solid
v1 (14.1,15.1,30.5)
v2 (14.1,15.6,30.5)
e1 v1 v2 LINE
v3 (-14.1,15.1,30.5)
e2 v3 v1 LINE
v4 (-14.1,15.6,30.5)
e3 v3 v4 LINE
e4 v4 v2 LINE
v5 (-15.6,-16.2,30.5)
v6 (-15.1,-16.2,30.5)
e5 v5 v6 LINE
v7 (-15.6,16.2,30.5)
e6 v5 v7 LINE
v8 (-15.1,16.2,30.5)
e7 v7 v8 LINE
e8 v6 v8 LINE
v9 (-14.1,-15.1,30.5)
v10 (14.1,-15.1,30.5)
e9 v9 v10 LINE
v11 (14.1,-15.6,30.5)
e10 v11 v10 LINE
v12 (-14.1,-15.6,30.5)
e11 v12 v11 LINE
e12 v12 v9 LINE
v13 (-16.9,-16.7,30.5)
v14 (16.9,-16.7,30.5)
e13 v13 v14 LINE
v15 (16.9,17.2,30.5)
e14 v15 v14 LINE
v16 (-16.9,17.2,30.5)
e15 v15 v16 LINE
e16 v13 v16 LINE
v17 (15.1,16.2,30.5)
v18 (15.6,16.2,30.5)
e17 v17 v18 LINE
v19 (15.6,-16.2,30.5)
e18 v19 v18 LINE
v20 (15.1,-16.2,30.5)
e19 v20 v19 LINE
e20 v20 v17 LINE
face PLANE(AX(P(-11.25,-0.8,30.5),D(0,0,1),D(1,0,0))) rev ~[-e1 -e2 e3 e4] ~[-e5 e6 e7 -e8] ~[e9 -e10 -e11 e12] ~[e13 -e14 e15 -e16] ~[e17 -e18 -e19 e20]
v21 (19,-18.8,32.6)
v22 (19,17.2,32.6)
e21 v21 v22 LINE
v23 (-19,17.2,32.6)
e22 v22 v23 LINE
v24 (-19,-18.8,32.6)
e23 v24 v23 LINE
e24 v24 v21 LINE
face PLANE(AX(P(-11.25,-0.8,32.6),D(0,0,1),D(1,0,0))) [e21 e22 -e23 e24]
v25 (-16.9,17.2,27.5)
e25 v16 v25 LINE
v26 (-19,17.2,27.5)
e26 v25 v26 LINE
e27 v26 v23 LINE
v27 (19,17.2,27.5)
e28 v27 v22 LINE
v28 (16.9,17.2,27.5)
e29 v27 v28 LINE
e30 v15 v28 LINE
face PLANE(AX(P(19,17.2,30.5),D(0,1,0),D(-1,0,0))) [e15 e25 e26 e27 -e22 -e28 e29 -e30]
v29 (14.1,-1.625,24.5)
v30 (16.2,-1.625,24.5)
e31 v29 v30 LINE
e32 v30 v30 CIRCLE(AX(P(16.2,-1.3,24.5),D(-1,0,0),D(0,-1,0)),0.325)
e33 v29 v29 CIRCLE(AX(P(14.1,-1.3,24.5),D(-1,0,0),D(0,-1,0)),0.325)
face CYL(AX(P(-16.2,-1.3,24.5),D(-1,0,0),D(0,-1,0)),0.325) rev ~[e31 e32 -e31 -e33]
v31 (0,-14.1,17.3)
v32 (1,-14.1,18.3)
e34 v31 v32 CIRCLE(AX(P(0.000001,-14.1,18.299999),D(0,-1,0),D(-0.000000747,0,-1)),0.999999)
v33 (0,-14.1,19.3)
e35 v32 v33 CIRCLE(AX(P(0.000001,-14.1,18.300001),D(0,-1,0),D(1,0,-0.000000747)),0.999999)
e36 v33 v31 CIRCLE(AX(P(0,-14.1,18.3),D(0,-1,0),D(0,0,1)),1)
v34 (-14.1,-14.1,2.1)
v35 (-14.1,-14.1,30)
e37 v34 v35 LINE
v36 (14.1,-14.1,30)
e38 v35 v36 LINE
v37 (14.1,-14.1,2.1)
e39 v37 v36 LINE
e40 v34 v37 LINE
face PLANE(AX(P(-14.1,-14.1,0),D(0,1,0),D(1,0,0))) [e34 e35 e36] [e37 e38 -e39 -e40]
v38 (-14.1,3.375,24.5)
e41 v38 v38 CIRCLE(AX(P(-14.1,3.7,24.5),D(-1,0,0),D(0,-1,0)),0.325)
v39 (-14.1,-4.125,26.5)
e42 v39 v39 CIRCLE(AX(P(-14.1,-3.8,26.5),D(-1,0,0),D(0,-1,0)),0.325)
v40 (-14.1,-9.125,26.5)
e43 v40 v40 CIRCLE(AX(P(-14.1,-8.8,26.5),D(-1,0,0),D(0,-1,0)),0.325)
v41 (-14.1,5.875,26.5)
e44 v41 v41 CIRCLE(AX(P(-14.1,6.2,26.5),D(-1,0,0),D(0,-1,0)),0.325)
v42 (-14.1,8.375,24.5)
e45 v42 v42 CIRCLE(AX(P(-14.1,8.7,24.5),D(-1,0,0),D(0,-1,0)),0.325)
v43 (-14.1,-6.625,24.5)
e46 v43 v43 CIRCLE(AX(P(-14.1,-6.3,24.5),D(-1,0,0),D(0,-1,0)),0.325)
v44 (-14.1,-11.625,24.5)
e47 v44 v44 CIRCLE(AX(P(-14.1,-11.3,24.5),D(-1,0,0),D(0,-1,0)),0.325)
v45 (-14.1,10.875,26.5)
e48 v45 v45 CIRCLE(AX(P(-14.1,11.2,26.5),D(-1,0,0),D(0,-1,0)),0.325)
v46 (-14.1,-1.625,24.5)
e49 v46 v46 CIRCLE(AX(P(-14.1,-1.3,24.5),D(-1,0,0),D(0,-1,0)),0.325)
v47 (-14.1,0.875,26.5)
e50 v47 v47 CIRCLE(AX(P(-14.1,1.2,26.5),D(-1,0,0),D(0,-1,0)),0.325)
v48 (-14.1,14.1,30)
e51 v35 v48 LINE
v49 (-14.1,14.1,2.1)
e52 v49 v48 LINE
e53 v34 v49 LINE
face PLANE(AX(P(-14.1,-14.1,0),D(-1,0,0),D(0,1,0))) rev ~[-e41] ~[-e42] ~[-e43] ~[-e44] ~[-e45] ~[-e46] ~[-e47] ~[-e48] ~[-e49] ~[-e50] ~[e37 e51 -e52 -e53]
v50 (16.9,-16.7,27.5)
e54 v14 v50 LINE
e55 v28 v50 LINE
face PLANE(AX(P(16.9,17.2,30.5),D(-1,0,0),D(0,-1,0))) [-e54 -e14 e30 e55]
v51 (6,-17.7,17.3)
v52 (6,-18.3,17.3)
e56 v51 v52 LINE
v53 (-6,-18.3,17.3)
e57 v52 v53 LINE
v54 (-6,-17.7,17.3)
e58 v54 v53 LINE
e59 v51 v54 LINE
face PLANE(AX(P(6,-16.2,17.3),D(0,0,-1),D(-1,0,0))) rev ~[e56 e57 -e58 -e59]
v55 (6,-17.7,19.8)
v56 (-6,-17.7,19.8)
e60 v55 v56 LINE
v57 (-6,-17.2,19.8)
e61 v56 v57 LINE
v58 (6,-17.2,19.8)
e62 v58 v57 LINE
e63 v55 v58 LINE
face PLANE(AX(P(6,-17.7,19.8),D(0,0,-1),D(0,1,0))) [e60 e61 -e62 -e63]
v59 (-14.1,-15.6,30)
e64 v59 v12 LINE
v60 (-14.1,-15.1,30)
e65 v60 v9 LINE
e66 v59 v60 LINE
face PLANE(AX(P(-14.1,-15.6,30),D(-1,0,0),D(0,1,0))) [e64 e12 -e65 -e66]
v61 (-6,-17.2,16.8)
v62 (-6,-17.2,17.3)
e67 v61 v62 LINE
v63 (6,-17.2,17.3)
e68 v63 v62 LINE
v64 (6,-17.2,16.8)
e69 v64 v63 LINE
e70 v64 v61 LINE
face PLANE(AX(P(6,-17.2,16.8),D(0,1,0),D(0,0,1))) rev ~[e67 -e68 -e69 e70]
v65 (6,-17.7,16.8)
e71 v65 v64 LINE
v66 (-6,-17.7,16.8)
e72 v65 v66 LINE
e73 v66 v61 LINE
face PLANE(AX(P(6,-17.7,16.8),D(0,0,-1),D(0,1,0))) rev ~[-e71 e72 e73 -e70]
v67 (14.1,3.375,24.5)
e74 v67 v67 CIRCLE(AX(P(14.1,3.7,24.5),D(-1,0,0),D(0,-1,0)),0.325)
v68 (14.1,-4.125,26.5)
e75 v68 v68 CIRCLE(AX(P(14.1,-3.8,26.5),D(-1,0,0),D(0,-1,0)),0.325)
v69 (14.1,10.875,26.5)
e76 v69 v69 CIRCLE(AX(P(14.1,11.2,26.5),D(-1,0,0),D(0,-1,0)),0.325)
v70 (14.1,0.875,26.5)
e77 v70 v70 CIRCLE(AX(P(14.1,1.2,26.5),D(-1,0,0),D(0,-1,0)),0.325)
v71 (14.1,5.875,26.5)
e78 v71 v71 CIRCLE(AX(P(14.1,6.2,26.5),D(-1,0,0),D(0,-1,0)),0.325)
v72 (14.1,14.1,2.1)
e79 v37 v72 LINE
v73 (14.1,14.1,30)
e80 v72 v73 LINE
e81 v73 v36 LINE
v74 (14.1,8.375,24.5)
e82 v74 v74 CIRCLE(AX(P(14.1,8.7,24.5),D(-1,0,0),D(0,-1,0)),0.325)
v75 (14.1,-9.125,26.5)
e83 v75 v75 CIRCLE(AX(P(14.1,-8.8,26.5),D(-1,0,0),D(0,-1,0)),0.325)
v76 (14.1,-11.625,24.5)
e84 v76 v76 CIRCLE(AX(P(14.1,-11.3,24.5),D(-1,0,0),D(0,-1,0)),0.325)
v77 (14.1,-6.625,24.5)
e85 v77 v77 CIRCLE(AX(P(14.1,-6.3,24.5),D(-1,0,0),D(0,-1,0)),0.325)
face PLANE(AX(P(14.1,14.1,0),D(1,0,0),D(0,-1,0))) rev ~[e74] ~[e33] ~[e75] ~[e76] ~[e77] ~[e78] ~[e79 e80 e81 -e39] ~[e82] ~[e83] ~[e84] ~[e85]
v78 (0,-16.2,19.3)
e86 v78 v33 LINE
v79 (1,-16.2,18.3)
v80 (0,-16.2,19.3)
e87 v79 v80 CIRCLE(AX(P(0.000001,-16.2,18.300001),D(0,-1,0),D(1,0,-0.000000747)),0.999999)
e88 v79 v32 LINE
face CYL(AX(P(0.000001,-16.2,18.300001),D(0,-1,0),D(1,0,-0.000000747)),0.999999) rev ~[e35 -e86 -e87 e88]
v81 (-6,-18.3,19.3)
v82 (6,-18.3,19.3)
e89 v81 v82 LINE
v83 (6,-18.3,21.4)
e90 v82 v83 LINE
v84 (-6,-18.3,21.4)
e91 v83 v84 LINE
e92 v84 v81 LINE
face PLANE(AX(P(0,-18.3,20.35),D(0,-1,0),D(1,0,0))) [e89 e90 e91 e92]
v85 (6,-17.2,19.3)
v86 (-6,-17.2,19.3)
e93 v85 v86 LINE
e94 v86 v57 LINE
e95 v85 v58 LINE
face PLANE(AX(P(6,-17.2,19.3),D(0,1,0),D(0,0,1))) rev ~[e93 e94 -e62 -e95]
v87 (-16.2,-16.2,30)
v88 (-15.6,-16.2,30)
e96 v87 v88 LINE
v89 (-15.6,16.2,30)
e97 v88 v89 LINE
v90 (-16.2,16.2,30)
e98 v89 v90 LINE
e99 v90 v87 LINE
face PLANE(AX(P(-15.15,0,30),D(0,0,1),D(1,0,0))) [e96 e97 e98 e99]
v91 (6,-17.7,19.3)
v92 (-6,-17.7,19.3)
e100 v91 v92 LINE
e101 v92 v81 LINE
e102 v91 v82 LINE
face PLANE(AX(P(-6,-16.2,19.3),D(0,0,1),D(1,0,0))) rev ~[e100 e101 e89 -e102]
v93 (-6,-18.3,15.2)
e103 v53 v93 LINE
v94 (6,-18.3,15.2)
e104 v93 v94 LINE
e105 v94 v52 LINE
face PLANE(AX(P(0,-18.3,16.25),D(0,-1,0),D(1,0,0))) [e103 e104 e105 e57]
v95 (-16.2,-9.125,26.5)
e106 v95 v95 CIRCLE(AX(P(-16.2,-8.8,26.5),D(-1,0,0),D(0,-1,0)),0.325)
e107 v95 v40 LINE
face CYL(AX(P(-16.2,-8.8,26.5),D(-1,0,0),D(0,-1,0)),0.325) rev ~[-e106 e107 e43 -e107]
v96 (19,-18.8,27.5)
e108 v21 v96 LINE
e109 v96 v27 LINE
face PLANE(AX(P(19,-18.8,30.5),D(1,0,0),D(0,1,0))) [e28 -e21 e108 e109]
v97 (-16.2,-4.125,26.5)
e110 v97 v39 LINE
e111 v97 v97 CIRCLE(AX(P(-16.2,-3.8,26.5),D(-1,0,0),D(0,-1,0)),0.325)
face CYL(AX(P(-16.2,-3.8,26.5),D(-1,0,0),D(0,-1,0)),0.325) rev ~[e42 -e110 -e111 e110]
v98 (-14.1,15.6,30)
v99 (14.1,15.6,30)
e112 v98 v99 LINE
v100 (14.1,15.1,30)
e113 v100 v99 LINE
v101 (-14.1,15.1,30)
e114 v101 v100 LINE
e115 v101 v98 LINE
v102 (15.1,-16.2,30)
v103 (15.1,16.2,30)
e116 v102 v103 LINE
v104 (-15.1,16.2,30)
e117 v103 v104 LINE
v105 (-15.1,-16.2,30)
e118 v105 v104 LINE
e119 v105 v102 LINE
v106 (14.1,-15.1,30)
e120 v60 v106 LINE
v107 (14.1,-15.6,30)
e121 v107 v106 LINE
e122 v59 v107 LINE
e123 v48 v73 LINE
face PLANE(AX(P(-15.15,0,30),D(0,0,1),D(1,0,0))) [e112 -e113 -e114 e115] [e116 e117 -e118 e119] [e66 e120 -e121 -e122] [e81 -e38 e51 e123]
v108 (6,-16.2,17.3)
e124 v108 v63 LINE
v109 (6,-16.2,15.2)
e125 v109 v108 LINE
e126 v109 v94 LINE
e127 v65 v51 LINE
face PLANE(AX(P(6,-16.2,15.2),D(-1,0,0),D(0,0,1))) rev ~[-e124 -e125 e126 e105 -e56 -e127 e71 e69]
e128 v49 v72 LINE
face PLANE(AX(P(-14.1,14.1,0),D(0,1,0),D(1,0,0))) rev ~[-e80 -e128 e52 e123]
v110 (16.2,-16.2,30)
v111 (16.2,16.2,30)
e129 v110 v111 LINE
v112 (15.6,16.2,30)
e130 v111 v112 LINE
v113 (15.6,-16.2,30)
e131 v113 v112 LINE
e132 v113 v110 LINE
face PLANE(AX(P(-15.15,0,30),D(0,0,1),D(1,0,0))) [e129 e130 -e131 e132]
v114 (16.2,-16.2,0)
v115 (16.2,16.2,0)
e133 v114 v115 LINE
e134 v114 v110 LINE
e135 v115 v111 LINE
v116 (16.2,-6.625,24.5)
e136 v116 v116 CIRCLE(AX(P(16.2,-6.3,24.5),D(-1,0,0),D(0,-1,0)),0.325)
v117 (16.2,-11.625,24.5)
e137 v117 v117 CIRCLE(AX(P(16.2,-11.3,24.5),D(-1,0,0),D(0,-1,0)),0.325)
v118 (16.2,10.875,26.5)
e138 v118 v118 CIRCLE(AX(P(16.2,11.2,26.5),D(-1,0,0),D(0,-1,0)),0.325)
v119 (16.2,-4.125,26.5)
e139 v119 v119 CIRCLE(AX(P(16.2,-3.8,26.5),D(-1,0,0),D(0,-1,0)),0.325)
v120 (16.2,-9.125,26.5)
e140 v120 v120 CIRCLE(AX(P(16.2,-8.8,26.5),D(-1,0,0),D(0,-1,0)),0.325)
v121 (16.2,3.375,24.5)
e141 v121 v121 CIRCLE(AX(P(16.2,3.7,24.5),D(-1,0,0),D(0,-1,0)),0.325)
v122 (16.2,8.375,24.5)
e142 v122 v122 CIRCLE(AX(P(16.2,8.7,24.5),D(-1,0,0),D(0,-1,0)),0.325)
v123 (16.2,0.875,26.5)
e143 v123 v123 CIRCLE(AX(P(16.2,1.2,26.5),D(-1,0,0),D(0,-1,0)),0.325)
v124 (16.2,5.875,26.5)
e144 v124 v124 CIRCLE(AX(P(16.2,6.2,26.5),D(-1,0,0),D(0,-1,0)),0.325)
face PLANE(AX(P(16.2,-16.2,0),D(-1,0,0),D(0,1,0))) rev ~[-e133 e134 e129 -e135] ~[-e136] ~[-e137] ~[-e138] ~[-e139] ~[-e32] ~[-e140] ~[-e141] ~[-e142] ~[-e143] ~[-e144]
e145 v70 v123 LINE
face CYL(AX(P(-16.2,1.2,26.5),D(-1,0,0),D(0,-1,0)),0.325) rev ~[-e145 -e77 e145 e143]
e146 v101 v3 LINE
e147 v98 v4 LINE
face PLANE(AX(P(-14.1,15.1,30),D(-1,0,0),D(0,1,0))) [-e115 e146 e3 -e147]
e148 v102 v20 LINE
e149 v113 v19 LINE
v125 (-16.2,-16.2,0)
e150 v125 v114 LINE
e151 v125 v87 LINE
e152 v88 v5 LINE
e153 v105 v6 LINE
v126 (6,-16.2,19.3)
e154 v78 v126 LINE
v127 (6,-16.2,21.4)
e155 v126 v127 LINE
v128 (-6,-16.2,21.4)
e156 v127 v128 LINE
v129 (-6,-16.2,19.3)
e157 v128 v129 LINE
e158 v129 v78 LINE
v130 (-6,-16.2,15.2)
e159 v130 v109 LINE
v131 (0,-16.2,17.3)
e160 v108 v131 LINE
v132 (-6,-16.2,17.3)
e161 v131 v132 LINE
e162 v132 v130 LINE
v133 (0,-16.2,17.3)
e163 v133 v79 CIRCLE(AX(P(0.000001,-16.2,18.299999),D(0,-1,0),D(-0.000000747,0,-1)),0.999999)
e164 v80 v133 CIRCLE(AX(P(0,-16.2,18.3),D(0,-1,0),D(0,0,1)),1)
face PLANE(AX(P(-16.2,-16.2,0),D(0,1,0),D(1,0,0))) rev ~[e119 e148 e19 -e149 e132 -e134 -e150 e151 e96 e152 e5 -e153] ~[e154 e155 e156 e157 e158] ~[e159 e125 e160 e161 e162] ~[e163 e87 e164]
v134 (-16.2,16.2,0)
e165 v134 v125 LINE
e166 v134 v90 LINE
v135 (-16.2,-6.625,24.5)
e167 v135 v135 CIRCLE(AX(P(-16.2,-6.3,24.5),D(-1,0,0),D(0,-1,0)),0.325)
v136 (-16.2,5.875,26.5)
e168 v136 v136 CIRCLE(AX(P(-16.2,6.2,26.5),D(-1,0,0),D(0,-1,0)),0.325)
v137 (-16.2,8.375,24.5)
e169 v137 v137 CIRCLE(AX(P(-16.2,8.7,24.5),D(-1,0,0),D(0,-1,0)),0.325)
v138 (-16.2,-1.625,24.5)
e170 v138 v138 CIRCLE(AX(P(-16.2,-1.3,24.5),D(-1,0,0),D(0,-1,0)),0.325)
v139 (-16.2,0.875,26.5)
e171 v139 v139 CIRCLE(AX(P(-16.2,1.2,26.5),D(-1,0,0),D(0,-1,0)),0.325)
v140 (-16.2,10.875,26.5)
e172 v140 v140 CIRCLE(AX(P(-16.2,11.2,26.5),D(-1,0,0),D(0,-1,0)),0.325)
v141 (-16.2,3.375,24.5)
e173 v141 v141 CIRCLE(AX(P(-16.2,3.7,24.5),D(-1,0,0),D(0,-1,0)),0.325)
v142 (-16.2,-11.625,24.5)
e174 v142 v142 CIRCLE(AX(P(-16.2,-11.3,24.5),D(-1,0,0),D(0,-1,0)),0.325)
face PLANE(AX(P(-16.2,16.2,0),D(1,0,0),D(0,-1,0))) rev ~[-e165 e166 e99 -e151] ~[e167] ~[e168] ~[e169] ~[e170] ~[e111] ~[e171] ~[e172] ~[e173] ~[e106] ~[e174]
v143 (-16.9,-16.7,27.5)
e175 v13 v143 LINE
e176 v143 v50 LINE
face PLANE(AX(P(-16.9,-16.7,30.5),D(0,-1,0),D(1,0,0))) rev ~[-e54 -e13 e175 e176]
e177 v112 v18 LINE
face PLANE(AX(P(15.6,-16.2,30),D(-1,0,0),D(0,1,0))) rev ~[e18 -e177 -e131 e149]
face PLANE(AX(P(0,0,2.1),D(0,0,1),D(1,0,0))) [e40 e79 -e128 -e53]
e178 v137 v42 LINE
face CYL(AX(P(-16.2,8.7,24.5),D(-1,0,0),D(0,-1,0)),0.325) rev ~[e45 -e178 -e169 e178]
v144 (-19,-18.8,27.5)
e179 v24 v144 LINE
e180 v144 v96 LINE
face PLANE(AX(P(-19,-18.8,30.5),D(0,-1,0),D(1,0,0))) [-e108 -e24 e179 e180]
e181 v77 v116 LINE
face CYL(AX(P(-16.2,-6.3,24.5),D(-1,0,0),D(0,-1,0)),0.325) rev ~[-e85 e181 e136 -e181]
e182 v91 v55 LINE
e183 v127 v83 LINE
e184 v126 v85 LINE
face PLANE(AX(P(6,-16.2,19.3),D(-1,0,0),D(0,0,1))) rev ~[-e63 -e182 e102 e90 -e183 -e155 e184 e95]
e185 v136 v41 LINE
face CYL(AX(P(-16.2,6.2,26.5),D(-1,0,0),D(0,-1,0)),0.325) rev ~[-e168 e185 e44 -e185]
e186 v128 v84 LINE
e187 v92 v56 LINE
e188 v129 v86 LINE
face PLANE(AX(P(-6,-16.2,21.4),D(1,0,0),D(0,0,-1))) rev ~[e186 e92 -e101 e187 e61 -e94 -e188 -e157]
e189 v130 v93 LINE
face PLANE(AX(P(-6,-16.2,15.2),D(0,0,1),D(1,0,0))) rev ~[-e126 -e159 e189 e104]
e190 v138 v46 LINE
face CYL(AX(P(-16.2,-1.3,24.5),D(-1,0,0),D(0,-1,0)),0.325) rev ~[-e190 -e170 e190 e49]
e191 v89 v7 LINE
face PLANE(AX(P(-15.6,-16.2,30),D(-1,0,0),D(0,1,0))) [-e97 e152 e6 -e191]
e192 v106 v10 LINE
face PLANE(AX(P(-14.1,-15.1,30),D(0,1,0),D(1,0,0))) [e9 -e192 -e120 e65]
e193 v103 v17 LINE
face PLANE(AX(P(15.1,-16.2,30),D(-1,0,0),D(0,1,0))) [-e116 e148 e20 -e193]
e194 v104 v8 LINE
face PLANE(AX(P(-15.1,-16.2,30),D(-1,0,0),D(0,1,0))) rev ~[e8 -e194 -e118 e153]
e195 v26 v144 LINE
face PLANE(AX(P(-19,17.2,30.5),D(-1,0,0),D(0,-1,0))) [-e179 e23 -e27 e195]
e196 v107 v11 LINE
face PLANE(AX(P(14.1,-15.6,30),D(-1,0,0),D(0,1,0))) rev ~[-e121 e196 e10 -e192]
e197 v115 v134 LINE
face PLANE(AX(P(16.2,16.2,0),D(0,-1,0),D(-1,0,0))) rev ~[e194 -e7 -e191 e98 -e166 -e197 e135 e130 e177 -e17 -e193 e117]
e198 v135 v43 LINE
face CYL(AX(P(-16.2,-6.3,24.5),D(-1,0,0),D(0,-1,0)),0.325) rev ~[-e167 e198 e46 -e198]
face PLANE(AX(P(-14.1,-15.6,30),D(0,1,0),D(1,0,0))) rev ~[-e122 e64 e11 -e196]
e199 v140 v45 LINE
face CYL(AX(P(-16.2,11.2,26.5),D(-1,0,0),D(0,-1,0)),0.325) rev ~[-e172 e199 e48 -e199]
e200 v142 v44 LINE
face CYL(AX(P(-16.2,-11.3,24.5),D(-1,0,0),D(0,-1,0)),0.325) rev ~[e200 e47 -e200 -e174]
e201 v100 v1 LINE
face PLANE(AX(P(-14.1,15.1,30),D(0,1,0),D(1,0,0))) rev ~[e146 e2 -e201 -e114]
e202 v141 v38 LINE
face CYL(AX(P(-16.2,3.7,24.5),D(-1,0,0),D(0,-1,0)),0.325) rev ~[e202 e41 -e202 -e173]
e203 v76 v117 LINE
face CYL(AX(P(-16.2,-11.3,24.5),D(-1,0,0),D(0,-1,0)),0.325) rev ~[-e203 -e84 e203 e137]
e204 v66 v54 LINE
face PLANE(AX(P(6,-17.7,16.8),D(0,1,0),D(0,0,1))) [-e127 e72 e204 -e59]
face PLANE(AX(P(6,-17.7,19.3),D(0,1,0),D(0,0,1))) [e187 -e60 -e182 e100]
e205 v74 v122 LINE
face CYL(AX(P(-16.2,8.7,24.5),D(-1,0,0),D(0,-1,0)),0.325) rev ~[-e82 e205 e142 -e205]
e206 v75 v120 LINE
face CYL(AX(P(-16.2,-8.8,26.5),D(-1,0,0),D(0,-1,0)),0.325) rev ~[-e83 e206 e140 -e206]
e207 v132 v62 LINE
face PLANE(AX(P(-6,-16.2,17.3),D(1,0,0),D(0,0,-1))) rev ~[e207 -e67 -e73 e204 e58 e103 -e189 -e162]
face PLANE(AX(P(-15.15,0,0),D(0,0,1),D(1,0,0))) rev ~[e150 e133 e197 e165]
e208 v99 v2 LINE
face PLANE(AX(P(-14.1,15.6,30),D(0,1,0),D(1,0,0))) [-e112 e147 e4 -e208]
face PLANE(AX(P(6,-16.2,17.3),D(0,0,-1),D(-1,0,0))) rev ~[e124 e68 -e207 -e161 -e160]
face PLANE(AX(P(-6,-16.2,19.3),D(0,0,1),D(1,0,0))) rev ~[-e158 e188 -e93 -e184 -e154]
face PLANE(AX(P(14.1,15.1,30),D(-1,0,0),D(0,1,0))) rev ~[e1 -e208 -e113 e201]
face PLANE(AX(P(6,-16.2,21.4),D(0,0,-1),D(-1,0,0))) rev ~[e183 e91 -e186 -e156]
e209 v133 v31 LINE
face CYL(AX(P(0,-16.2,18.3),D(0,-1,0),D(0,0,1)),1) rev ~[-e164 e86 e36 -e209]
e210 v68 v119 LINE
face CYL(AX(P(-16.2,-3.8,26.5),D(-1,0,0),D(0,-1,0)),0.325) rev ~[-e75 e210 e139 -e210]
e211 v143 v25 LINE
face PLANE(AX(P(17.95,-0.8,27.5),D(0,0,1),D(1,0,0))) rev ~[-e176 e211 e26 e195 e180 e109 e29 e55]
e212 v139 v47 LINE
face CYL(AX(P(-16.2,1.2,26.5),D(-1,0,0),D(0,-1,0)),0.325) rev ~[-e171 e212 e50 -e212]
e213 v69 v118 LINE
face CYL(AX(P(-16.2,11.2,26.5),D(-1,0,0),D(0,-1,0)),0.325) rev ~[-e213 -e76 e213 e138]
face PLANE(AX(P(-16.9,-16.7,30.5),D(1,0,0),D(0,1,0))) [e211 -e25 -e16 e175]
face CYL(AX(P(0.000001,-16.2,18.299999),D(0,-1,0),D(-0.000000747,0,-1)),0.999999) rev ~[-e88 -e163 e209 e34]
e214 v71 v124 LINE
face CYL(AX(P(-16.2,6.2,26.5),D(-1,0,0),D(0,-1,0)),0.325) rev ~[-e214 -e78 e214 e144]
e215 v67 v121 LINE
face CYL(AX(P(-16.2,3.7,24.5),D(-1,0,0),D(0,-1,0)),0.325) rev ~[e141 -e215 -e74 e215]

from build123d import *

# Parameters (mm, degrees)
F0_W      = 28.2
F0_H      = 28.2
F2_DEPTH  = 2.1
F1_W      = 28.2
F1_H      = 2.1
F3_DEPTH  = 30
F4_W      = 0.5
F4_H      = 32.4
F4_W_2    = 28.2
F4_H_2    = 0.5
F5_DEPTH  = 0.5
F6_W      = 15.5
F6_H      = 36
F6_W_2    = 7
F7_DEPTH  = 2.1
F9_DEPTH  = 2.1
F10_DEPTH = 2.1
F11_W     = 33.8
F11_H     = 2.1
F12_DEPTH = 3
F13_R     = 0.325
F14_DEPTH = 35.201
F15_W     = 0.5
F15_H     = 0.5
F16_DEPTH = 25.001


with BuildPart() as f2:
    # F0 (on Top) → F2 (new body)
    with BuildSketch(Plane.XY):
        Rectangle(F0_W, F0_H)
    extrude(amount=F2_DEPTH)

    # F1 (on Top) → F3 (join)
    with BuildSketch(Plane.XY):
        Polygon((-16.2, 16.2), (-16.2, -16.2), (-14.1, -16.2), (-14.1, -14.1), (-14.1, 14.1), (-14.1, 16.2), align=None)
        with Locations((0, -15.15)):
            Rectangle(F1_W, F1_H)
        Polygon((14.1, -14.1), (14.1, -16.2), (16.2, -16.2), (16.2, 16.2), (14.1, 16.2), (14.1, 14.1), align=None)
        with Locations((0, 15.15)):
            Rectangle(F1_W, F1_H)
    extrude(amount=F3_DEPTH)

    # F4 (on face) → F5 (join)
    with BuildSketch(Plane.XY.offset(30)):
        with Locations((-15.35, 0)):
            Rectangle(F4_W, F4_H)
        with Locations((15.35, 0)):
            Rectangle(F4_W, F4_H)
        with Locations((0, 15.35)):
            Rectangle(F4_W_2, F4_H_2)
        with Locations((0, -15.35)):
            Rectangle(F4_W_2, F4_H_2)
    extrude(amount=F5_DEPTH)

    # F6 (on face) → F7 (join)
    with BuildSketch(Plane.XY.offset(30.5)):
        with Locations((-11.25, -0.8)):
            Rectangle(F6_W, F6_H)
        with Locations((4.25, -0.8)):
            Rectangle(F6_W, F6_H)
        with Locations((15.5, -0.8)):
            Rectangle(F6_W_2, F6_H)
    extrude(amount=F7_DEPTH)

    # F8 (on face) → F9 (cut, through all)
    with BuildSketch(Plane.XZ.offset(16.2)):
        with BuildLine():
            ThreePointArc((0, 17.3), (0.707107, 17.592893), (1, 18.3))
            ThreePointArc((1, 18.3), (0.707107, 19.007107), (0, 19.3))
            ThreePointArc((0, 19.3), (-1, 18.3), (0, 17.3))
        make_face()
    extrude(amount=-F9_DEPTH, mode=Mode.SUBTRACT)

    # F8 (on face) → F10 (join)
    with BuildSketch(Plane.XZ.offset(16.2)):
        Polygon((6, 17.3), (0, 17.3), (-6, 17.3), (-6, 15.2), (6, 15.2), align=None)
        Polygon((-6, 19.3), (0, 19.3), (6, 19.3), (6, 21.4), (-6, 21.4), align=None)
    extrude(amount=F10_DEPTH)

    # F11 (on face) → F12 (join)
    with BuildSketch(Plane.XY.offset(30.5)):
        Polygon((16.9, -16.7), (16.9, -18.8), (19, -18.8), (19, 17.2), (16.9, 17.2), align=None)
        with Locations((0, -17.75)):
            Rectangle(F11_W, F11_H)
        Polygon((-19, -18.8), (-16.9, -18.8), (-16.9, -16.7), (-16.9, 17.2), (-19, 17.2), align=None)
    extrude(amount=-F12_DEPTH)

    # F13 (on face) → F14 (cut, through all)
    with BuildSketch(Plane(origin=(-16.2, 0, 0), x_dir=(0, -1, 0), z_dir=(-1, 0, 0))):
        with Locations((-11.2, 26.5)):
            Circle(F13_R)
        with Locations((-8.7, 24.5)):
            Circle(F13_R)
        with Locations((-6.2, 26.5)):
            Circle(F13_R)
        with Locations((-3.7, 24.5)):
            Circle(F13_R)
        with Locations((-1.2, 26.5)):
            Circle(F13_R)
        with Locations((1.3, 24.5)):
            Circle(F13_R)
        with Locations((3.8, 26.5)):
            Circle(F13_R)
        with Locations((6.3, 24.5)):
            Circle(F13_R)
        with Locations((8.8, 26.5)):
            Circle(F13_R)
        with Locations((11.3, 24.5)):
            Circle(F13_R)
    extrude(amount=-F14_DEPTH, mode=Mode.SUBTRACT)

    # F15 (on face) → F16 (cut, through all)
    with BuildSketch(Plane.YZ.offset(6)):
        with Locations((-17.45, 17.05)):
            Rectangle(F15_W, F15_H)
        with Locations((-17.45, 19.55)):
            Rectangle(F15_W, F15_H)
    extrude(amount=-F16_DEPTH, mode=Mode.SUBTRACT)


solid = f2.part
